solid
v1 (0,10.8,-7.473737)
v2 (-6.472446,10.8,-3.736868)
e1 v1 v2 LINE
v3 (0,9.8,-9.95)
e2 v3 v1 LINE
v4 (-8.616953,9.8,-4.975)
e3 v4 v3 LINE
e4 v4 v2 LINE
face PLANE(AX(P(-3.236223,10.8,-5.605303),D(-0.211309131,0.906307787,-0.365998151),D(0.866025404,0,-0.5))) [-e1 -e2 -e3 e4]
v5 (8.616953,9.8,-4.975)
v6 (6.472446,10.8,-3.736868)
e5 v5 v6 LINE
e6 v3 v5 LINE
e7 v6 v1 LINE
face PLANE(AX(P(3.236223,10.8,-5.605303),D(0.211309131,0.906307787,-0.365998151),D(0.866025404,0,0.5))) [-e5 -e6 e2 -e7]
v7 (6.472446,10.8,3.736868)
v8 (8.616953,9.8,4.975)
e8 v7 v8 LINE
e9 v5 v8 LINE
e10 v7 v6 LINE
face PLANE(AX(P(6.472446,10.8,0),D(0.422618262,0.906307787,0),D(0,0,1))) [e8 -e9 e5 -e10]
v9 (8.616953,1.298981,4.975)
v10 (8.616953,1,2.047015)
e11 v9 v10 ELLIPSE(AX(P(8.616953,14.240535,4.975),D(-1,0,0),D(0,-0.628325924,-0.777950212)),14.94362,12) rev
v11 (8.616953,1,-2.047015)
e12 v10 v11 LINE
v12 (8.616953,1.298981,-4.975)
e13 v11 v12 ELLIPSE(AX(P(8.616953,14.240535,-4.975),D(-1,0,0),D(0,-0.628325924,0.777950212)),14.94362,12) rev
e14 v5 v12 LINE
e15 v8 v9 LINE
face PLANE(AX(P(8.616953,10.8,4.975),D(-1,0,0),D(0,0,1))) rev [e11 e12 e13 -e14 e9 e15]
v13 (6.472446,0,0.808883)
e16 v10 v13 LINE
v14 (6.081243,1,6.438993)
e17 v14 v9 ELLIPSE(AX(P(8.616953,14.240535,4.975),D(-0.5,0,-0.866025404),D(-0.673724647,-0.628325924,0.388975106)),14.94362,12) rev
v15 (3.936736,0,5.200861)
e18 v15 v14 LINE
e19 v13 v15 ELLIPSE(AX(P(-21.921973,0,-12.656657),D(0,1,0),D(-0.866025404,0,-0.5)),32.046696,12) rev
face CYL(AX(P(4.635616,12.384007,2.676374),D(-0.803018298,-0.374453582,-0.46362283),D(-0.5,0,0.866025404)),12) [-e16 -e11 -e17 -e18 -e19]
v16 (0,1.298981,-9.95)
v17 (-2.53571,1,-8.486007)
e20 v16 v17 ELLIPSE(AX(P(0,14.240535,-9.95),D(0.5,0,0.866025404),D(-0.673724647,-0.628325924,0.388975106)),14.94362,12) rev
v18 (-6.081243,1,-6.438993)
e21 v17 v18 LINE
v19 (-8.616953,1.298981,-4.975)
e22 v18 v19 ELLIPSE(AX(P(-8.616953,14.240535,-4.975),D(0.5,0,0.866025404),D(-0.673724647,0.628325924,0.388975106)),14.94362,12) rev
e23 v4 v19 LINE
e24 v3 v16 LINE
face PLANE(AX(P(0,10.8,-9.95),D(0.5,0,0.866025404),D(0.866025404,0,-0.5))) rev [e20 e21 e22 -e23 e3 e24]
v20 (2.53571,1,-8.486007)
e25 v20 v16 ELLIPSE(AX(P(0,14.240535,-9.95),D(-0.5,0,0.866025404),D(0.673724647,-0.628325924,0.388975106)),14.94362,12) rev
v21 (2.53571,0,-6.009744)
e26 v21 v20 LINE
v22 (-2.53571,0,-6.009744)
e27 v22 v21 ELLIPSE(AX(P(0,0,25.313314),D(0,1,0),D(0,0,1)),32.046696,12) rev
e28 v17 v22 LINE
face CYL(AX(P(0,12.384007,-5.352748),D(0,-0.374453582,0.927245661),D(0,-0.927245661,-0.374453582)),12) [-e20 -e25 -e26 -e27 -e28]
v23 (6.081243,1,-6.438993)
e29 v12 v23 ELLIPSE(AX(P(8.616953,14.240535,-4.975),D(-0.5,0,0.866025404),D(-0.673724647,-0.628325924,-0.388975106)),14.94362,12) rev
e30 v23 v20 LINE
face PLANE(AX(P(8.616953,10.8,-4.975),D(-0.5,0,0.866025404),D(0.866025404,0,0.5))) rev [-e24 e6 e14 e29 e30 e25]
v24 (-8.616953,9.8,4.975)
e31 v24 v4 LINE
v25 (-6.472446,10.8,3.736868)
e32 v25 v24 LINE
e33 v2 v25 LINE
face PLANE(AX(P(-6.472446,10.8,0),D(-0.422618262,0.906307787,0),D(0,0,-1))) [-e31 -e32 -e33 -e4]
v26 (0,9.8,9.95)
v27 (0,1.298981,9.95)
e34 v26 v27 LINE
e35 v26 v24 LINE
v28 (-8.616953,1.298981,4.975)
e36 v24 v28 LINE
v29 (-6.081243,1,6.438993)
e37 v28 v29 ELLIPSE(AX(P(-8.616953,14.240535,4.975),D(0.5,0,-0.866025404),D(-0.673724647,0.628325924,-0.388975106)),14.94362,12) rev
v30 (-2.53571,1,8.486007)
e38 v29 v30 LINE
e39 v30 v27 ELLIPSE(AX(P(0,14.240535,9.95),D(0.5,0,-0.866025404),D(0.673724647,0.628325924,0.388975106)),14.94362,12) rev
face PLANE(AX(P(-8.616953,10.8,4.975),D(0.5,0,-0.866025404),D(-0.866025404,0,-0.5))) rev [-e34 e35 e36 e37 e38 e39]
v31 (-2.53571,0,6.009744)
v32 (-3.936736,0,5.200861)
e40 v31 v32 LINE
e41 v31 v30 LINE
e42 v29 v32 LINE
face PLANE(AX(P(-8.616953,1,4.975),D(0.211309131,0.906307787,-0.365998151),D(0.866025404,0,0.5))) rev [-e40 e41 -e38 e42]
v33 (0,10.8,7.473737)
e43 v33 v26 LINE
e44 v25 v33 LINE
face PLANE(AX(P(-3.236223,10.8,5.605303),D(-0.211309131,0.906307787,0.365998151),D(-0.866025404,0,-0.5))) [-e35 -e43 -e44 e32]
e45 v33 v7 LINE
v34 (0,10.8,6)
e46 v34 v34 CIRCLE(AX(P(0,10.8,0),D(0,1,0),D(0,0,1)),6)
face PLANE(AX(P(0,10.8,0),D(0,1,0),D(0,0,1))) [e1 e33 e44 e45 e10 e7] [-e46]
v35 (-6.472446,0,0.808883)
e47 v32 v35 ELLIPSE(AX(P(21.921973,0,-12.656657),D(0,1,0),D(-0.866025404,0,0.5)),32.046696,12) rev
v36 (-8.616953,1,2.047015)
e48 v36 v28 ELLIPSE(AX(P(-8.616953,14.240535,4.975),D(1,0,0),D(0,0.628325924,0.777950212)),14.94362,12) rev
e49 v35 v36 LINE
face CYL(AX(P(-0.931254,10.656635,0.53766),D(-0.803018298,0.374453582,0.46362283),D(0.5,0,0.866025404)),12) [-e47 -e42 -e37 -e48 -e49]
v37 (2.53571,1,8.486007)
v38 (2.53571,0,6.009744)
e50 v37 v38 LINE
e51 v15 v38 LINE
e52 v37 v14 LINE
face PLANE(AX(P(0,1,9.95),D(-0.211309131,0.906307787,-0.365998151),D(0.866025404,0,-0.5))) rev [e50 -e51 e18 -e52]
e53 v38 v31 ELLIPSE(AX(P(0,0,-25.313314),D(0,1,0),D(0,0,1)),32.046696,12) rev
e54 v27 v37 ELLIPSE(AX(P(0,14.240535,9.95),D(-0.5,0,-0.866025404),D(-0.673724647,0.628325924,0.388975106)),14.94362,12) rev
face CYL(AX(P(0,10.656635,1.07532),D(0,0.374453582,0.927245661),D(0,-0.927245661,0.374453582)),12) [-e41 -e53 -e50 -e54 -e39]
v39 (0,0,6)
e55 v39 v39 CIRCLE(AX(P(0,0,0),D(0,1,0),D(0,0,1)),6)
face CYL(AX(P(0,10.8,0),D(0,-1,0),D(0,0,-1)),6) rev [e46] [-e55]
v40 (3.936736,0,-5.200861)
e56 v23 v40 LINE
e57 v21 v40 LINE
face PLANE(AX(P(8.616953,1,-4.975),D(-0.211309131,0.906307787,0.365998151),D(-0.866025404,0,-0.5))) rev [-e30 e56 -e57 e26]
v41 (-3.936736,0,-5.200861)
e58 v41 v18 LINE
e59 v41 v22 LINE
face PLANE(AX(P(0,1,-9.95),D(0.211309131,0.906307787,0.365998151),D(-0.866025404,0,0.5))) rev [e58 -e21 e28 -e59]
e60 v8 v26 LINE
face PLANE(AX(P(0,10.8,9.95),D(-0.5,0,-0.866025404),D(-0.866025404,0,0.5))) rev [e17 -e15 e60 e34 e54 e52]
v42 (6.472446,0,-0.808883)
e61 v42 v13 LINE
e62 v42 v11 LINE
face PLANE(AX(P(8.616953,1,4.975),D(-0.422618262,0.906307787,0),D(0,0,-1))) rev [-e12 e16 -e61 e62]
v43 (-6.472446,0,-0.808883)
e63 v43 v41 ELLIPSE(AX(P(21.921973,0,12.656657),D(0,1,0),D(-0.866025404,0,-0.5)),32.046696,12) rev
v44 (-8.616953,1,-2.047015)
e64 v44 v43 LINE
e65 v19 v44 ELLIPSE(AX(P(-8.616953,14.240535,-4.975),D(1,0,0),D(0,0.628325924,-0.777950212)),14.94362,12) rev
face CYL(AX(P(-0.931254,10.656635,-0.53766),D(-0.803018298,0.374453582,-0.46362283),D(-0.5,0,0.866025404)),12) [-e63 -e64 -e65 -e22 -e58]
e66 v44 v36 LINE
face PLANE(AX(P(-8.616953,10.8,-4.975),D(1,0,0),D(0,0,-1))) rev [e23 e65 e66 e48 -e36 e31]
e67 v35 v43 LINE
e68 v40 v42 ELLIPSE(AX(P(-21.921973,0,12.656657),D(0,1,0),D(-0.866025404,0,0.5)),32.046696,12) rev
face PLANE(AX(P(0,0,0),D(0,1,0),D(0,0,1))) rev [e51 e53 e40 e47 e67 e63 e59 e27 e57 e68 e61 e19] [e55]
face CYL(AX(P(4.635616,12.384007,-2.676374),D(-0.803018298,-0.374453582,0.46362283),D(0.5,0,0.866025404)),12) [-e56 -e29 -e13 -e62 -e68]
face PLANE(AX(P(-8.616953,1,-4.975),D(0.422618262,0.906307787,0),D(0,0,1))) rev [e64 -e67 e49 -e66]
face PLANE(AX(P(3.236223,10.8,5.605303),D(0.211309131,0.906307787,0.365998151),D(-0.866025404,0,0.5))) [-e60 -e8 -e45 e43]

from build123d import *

# Parameters (mm, degrees)
SKETCH_1_R             = 6
EXTRUDE_1_DEPTH        = 10.8
CHAMFER_1_SIZE         = 1
CHAMFER_1_SIZE2        = 2.144506921
CHAMFER_1_PART_2_SIZE  = 1
CHAMFER_1_PART_2_SIZE2 = 2.144506921
CHAMFER_1_PART_3_SIZE  = 1
CHAMFER_1_PART_3_SIZE2 = 2.144506921
CHAMFER_1_PART_4_SIZE  = 1
CHAMFER_1_PART_4_SIZE2 = 2.144506921
CHAMFER_1_PART_5_SIZE  = 1
CHAMFER_1_PART_5_SIZE2 = 2.144506921
CHAMFER_1_PART_6_SIZE  = 1
CHAMFER_1_PART_6_SIZE2 = 2.144506921
CHAMFER_2_SIZE         = 1
CHAMFER_2_SIZE2        = 2.144506921
CHAMFER_2_PART_2_SIZE  = 1
CHAMFER_2_PART_2_SIZE2 = 2.144506921
CHAMFER_2_PART_3_SIZE  = 1
CHAMFER_2_PART_3_SIZE2 = 2.144506921
CHAMFER_2_PART_4_SIZE  = 1
CHAMFER_2_PART_4_SIZE2 = 2.144506921
CHAMFER_2_PART_5_SIZE  = 1
CHAMFER_2_PART_5_SIZE2 = 2.144506921
CHAMFER_2_PART_6_SIZE  = 1
CHAMFER_2_PART_6_SIZE2 = 2.144506921
FILLET_2_R             = 12


with BuildPart() as part:
    # Эскиз1 → Бобышка-Вытянуть1 (new body)
    with BuildSketch(Plane(origin=(0, 0, 0), x_dir=(1, 0, 0), z_dir=(0, 1, 0))):
        Polygon((0, 9.95), (-8.616952768, 4.975), (-8.616952768, -4.975), (0, -9.95), (8.616952768, -4.975), (8.616952768, 4.975), align=None)
        Circle(SKETCH_1_R, mode=Mode.SUBTRACT)
    extrude(amount=EXTRUDE_1_DEPTH)

    # Фаска1
    chamfer_1_edges = [part.edges().sort_by_distance(p)[0] for p in [
        (-8.616952768, 10.8, 0),
    ]]
    chamfer_1_side = [part.faces().sort_by_distance(p)[0] for p in [
        (-8.616952768, 5.4, 0),
    ]]
    chamfer(chamfer_1_edges, length=CHAMFER_1_SIZE, length2=CHAMFER_1_SIZE2, reference=chamfer_1_side[0])

    # Фаска1 part 2
    chamfer_1_part_2_edges = [part.edges().sort_by_distance(p)[0] for p in [
        (-4.308476384, 10.8, 7.4625),
    ]]
    chamfer_1_part_2_side = [part.faces().sort_by_distance(p)[0] for p in [
        (-4.308476384, 5.4, 7.4625),
    ]]
    chamfer(chamfer_1_part_2_edges, length=CHAMFER_1_PART_2_SIZE, length2=CHAMFER_1_PART_2_SIZE2, reference=chamfer_1_part_2_side[0])

    # Фаска1 part 3
    chamfer_1_part_3_edges = [part.edges().sort_by_distance(p)[0] for p in [
        (4.308476384, 10.8, 7.4625),
    ]]
    chamfer_1_part_3_side = [part.faces().sort_by_distance(p)[0] for p in [
        (4.308476384, 5.4, 7.4625),
    ]]
    chamfer(chamfer_1_part_3_edges, length=CHAMFER_1_PART_3_SIZE, length2=CHAMFER_1_PART_3_SIZE2, reference=chamfer_1_part_3_side[0])

    # Фаска1 part 4
    chamfer_1_part_4_edges = [part.edges().sort_by_distance(p)[0] for p in [
        (8.616952768, 10.8, 0),
    ]]
    chamfer_1_part_4_side = [part.faces().sort_by_distance(p)[0] for p in [
        (8.616952768, 5.4, 0),
    ]]
    chamfer(chamfer_1_part_4_edges, length=CHAMFER_1_PART_4_SIZE, length2=CHAMFER_1_PART_4_SIZE2, reference=chamfer_1_part_4_side[0])

    # Фаска1 part 5
    chamfer_1_part_5_edges = [part.edges().sort_by_distance(p)[0] for p in [
        (4.308476384, 10.8, -7.4625),
    ]]
    chamfer_1_part_5_side = [part.faces().sort_by_distance(p)[0] for p in [
        (4.308476384, 5.4, -7.4625),
    ]]
    chamfer(chamfer_1_part_5_edges, length=CHAMFER_1_PART_5_SIZE, length2=CHAMFER_1_PART_5_SIZE2, reference=chamfer_1_part_5_side[0])

    # Фаска1 part 6
    chamfer_1_part_6_edges = [part.edges().sort_by_distance(p)[0] for p in [
        (-4.308476384, 10.8, -7.4625),
    ]]
    chamfer_1_part_6_side = [part.faces().sort_by_distance(p)[0] for p in [
        (-4.308476384, 5.4, -7.4625),
    ]]
    chamfer(chamfer_1_part_6_edges, length=CHAMFER_1_PART_6_SIZE, length2=CHAMFER_1_PART_6_SIZE2, reference=chamfer_1_part_6_side[0])

    # Фаска2
    chamfer_2_edges = [part.edges().sort_by_distance(p)[0] for p in [
        (8.616952768, 0, 0),
    ]]
    chamfer_2_side = [part.faces().sort_by_distance(p)[0] for p in [
        (8.616952768, 4.9, 0),
    ]]
    chamfer(chamfer_2_edges, length=CHAMFER_2_SIZE, length2=CHAMFER_2_SIZE2, reference=chamfer_2_side[0])

    # Фаска2 part 2
    chamfer_2_part_2_edges = [part.edges().sort_by_distance(p)[0] for p in [
        (4.308476384, 0, 7.4625),
    ]]
    chamfer_2_part_2_side = [part.faces().sort_by_distance(p)[0] for p in [
        (4.308476384, 4.9, 7.4625),
    ]]
    chamfer(chamfer_2_part_2_edges, length=CHAMFER_2_PART_2_SIZE, length2=CHAMFER_2_PART_2_SIZE2, reference=chamfer_2_part_2_side[0])

    # Фаска2 part 3
    chamfer_2_part_3_edges = [part.edges().sort_by_distance(p)[0] for p in [
        (-4.308476384, 0, 7.4625),
    ]]
    chamfer_2_part_3_side = [part.faces().sort_by_distance(p)[0] for p in [
        (-4.308476384, 4.9, 7.4625),
    ]]
    chamfer(chamfer_2_part_3_edges, length=CHAMFER_2_PART_3_SIZE, length2=CHAMFER_2_PART_3_SIZE2, reference=chamfer_2_part_3_side[0])

    # Фаска2 part 4
    chamfer_2_part_4_edges = [part.edges().sort_by_distance(p)[0] for p in [
        (-8.616952768, 0, 0),
    ]]
    chamfer_2_part_4_side = [part.faces().sort_by_distance(p)[0] for p in [
        (-8.616952768, 4.9, 0),
    ]]
    chamfer(chamfer_2_part_4_edges, length=CHAMFER_2_PART_4_SIZE, length2=CHAMFER_2_PART_4_SIZE2, reference=chamfer_2_part_4_side[0])

    # Фаска2 part 5
    chamfer_2_part_5_edges = [part.edges().sort_by_distance(p)[0] for p in [
        (-4.308476384, 0, -7.4625),
    ]]
    chamfer_2_part_5_side = [part.faces().sort_by_distance(p)[0] for p in [
        (-4.308476384, 4.9, -7.4625),
    ]]
    chamfer(chamfer_2_part_5_edges, length=CHAMFER_2_PART_5_SIZE, length2=CHAMFER_2_PART_5_SIZE2, reference=chamfer_2_part_5_side[0])

    # Фаска2 part 6
    chamfer_2_part_6_edges = [part.edges().sort_by_distance(p)[0] for p in [
        (4.308476384, 0, -7.4625),
    ]]
    chamfer_2_part_6_side = [part.faces().sort_by_distance(p)[0] for p in [
        (4.308476384, 4.9, -7.4625),
    ]]
    chamfer(chamfer_2_part_6_edges, length=CHAMFER_2_PART_6_SIZE, length2=CHAMFER_2_PART_6_SIZE2, reference=chamfer_2_part_6_side[0])

    # Скругление2
    fillet_2_edges = [part.edges().sort_by_distance(p)[0] for p in [
        (7.544699307, 0.5, 4.355934176),
        (0, 0.5, 8.711868352),
        (7.544699307, 0.5, -4.355934176),
        (-7.544699307, 0.5, 4.355934176),
        (0, 0.5, -8.711868352),
        (-7.544699307, 0.5, -4.355934176),
    ]]
    fillet(fillet_2_edges, radius=FILLET_2_R)


solid = part.part
